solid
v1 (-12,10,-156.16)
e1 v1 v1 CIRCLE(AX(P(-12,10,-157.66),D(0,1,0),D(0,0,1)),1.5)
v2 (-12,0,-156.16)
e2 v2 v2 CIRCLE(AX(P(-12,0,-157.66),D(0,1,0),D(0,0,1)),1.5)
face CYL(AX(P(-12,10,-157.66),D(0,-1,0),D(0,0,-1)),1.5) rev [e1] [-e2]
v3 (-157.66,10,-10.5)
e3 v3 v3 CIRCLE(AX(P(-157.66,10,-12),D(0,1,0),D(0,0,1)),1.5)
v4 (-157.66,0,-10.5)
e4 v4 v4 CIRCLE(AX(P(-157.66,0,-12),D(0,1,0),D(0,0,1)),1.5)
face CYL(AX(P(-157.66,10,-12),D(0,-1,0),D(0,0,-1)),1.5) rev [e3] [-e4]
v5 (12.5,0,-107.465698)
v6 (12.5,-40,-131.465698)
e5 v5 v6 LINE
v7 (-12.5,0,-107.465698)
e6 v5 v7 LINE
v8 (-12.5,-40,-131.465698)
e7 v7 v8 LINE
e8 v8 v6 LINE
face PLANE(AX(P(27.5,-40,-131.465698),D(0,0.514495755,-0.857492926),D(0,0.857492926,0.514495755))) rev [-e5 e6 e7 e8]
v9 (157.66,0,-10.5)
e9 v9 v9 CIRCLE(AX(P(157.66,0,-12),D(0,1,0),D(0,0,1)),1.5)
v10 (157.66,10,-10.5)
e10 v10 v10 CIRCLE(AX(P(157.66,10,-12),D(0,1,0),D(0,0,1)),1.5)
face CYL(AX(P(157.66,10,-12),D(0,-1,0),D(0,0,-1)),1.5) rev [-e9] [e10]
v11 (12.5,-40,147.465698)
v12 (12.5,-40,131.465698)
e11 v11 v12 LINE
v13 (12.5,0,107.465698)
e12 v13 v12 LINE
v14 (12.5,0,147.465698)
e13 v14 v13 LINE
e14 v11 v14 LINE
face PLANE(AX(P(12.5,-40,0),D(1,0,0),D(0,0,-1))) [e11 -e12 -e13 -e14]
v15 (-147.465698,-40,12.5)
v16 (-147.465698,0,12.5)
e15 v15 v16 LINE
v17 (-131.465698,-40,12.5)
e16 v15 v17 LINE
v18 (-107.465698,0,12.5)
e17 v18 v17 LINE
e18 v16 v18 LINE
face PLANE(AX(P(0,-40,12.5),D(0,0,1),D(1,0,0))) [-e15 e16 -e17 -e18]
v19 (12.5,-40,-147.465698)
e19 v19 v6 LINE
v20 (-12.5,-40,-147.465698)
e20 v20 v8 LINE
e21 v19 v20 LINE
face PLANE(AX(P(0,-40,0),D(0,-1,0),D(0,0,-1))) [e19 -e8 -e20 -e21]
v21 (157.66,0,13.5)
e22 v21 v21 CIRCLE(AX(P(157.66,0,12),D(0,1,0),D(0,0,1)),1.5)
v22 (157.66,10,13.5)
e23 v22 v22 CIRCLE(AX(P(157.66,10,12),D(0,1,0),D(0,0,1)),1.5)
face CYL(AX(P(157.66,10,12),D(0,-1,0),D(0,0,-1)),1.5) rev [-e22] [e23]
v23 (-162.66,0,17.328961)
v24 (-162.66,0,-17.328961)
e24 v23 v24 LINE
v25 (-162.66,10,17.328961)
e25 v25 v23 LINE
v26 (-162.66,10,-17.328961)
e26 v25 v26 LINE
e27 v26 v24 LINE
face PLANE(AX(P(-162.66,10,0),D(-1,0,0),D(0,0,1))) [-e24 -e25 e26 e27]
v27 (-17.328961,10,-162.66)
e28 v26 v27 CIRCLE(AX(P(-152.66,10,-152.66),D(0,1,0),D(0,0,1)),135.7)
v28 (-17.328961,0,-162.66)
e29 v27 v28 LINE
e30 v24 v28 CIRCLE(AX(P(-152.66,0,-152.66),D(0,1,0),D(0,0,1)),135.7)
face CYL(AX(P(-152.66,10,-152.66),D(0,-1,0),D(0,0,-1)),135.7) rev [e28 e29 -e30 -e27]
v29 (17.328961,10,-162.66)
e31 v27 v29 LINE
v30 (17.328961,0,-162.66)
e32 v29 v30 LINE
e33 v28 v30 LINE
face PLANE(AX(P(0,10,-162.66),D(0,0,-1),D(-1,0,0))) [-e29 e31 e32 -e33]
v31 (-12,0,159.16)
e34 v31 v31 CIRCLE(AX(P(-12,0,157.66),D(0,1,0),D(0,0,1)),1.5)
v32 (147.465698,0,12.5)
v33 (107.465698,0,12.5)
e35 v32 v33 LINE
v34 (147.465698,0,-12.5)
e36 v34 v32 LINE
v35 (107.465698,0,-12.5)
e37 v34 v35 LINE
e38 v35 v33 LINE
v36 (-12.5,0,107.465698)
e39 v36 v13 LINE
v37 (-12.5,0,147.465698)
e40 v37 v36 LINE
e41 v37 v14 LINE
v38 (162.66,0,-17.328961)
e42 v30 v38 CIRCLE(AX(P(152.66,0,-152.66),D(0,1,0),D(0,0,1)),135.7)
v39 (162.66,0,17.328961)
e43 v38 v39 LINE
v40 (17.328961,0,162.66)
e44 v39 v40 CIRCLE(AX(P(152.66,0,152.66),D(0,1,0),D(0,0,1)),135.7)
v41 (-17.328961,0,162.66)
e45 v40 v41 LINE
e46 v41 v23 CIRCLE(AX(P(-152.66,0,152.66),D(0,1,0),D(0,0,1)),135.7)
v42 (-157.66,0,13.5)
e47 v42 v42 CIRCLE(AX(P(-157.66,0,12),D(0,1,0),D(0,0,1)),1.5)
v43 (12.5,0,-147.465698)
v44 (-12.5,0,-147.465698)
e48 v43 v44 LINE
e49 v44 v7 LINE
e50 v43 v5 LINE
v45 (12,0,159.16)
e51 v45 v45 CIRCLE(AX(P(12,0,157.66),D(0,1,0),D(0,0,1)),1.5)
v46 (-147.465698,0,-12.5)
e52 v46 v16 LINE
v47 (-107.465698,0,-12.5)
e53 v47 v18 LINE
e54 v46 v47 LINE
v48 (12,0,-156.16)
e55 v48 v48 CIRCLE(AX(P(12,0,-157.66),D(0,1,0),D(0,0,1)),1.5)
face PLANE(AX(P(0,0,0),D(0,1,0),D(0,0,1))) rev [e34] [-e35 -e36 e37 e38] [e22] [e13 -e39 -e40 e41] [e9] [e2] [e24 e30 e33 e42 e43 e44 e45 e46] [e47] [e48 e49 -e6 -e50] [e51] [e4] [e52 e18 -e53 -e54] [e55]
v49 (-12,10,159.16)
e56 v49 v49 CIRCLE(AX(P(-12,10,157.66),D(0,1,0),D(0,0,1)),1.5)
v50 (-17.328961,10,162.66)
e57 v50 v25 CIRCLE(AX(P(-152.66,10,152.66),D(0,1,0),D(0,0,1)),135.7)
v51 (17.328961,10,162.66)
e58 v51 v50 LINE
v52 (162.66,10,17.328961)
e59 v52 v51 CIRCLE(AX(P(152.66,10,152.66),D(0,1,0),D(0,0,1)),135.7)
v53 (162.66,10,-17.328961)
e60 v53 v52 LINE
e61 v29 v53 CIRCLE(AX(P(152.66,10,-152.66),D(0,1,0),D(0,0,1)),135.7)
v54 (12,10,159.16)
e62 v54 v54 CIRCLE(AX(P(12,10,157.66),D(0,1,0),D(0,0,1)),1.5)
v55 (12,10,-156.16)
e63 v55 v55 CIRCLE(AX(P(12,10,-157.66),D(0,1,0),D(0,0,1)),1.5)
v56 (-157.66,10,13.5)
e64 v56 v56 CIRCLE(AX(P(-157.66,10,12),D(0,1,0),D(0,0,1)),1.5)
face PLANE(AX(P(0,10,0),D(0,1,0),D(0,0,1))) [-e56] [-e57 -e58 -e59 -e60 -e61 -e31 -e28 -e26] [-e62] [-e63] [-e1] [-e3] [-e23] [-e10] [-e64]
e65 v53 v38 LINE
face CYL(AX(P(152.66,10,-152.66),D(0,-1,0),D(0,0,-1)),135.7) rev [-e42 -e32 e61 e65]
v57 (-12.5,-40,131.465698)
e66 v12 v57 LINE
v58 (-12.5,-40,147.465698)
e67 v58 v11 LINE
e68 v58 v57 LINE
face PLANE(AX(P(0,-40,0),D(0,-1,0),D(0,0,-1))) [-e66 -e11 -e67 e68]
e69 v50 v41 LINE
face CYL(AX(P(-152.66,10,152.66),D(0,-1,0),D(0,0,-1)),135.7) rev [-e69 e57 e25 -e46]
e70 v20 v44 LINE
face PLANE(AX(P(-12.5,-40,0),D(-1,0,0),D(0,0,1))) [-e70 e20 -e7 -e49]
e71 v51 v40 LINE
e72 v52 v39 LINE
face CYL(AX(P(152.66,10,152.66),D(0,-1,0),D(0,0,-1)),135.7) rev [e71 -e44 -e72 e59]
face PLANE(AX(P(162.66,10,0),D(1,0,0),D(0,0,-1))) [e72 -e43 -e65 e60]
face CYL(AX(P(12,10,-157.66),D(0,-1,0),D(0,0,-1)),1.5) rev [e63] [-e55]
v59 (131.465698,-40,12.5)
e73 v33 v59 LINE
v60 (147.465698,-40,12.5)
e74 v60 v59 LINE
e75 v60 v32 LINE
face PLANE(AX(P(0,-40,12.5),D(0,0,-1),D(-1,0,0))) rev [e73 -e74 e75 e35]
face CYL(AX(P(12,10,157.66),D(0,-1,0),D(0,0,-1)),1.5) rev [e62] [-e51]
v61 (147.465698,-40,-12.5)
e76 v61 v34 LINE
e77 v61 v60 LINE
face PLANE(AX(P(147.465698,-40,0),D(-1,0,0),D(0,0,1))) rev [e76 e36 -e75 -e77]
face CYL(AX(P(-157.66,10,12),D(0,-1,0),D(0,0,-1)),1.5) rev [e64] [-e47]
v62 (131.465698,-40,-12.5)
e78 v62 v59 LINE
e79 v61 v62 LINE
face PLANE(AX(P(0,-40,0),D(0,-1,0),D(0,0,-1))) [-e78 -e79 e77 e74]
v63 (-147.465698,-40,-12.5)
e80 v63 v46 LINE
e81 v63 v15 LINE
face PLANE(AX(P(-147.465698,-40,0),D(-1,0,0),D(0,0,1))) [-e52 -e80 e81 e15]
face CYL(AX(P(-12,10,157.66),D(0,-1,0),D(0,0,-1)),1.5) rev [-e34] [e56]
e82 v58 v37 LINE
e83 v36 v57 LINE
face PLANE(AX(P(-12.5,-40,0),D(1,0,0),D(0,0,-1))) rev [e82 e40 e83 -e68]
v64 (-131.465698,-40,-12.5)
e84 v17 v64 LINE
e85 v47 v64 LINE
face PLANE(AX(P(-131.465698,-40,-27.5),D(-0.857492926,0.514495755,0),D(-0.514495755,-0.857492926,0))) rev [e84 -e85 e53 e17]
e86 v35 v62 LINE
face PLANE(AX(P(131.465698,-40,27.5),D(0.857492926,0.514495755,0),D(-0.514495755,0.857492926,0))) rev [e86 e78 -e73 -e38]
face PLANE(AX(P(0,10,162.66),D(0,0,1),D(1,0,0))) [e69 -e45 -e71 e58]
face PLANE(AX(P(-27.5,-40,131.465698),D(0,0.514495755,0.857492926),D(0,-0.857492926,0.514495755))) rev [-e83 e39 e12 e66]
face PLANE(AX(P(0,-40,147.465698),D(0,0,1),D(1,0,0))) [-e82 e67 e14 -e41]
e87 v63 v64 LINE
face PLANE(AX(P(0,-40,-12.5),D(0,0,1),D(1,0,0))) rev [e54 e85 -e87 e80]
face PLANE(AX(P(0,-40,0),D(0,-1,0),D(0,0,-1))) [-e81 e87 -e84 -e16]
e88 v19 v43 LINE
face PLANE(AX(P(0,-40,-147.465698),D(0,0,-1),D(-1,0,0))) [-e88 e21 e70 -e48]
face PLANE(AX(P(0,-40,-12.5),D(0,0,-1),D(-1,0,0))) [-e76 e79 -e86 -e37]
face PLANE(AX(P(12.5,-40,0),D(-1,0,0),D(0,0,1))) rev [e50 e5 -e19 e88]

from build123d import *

# Parameters (mm, degrees)
SKETCH2_R           = 1.5
BOSS_EXTRUDE1_DEPTH = 10
SKETCH3_W           = 25
SKETCH3_H           = 40
SKETCH3_W_2         = 40
SKETCH3_H_2         = 25
BOSS_EXTRUDE2_DEPTH = 40
CUT_EXTRUDE1_DEPTH  = 40
CIRPATTERN1_COUNT   = 4


with BuildPart() as part:
    # Sketch2 → Boss-Extrude1 (new body)
    with BuildSketch(Plane(origin=(0, 0, 0), x_dir=(1, 0, 0), z_dir=(0, 1, 0))):
        with BuildLine():
            Line((162.66, -17.328961432), (162.66, 17.328961432))
            ThreePointArc((162.66, 17.328961432), (56.705609793, 56.705609793), (17.328961432, 162.66))
            Line((17.328961432, 162.66), (-17.328961432, 162.66))
            ThreePointArc((-17.328961432, 162.66), (-56.705609793, 56.705609793), (-162.66, 17.328961432))
            Line((-162.66, 17.328961432), (-162.66, -17.328961432))
            ThreePointArc((-162.66, -17.328961432), (-56.705609793, -56.705609793), (-17.328961432, -162.66))
            Line((-17.328961432, -162.66), (17.328961432, -162.66))
            ThreePointArc((17.328961432, -162.66), (56.705609793, -56.705609793), (162.66, -17.328961432))
        make_face()
        with Locations((-12, -157.66)):
            Circle(SKETCH2_R, mode=Mode.SUBTRACT)
        with Locations((-157.66, -12)):
            Circle(SKETCH2_R, mode=Mode.SUBTRACT)
        with Locations((12, -157.66)):
            Circle(SKETCH2_R, mode=Mode.SUBTRACT)
        with Locations((157.66, -12)):
            Circle(SKETCH2_R, mode=Mode.SUBTRACT)
        with Locations((-157.66, 12)):
            Circle(SKETCH2_R, mode=Mode.SUBTRACT)
        with Locations((-12, 157.66)):
            Circle(SKETCH2_R, mode=Mode.SUBTRACT)
        with Locations((157.66, 12)):
            Circle(SKETCH2_R, mode=Mode.SUBTRACT)
        with Locations((12, 157.66)):
            Circle(SKETCH2_R, mode=Mode.SUBTRACT)
    extrude(amount=BOSS_EXTRUDE1_DEPTH)

    # Sketch3 → Boss-Extrude2 (add)
    with BuildSketch(Plane.XZ):
        with Locations((0, 127.465698487)):
            Rectangle(SKETCH3_W, SKETCH3_H)
        with Locations((127.465698487, 0)):
            Rectangle(SKETCH3_W_2, SKETCH3_H_2)
        with Locations((0, -127.465698487)):
            Rectangle(SKETCH3_W, SKETCH3_H)
        with Locations((-127.465698487, 0)):
            Rectangle(SKETCH3_W_2, SKETCH3_H_2)
    extrude(amount=BOSS_EXTRUDE2_DEPTH)

    # Sketch4 → Cut-Extrude1 (cut)
    with BuildSketch(Plane(origin=(0, 0, -12.5), x_dir=(-1, 0, 0), z_dir=(0, 0, -1))):
        Polygon((-131.465698487, -40), (-107.465698487, 0), (-107.465698487, -40), align=None)
    cut_extrude1 = extrude(amount=-CUT_EXTRUDE1_DEPTH, mode=Mode.SUBTRACT)

    # CirPattern1: Cut-Extrude1 ×4 about axis
    cirpattern1_axis = Axis((0, 0, 0), (0, 1, 0))
    for i in range(1, CIRPATTERN1_COUNT):
        add(cut_extrude1.rotate(cirpattern1_axis, i * 360 / CIRPATTERN1_COUNT), mode=Mode.SUBTRACT)


solid = part.part
